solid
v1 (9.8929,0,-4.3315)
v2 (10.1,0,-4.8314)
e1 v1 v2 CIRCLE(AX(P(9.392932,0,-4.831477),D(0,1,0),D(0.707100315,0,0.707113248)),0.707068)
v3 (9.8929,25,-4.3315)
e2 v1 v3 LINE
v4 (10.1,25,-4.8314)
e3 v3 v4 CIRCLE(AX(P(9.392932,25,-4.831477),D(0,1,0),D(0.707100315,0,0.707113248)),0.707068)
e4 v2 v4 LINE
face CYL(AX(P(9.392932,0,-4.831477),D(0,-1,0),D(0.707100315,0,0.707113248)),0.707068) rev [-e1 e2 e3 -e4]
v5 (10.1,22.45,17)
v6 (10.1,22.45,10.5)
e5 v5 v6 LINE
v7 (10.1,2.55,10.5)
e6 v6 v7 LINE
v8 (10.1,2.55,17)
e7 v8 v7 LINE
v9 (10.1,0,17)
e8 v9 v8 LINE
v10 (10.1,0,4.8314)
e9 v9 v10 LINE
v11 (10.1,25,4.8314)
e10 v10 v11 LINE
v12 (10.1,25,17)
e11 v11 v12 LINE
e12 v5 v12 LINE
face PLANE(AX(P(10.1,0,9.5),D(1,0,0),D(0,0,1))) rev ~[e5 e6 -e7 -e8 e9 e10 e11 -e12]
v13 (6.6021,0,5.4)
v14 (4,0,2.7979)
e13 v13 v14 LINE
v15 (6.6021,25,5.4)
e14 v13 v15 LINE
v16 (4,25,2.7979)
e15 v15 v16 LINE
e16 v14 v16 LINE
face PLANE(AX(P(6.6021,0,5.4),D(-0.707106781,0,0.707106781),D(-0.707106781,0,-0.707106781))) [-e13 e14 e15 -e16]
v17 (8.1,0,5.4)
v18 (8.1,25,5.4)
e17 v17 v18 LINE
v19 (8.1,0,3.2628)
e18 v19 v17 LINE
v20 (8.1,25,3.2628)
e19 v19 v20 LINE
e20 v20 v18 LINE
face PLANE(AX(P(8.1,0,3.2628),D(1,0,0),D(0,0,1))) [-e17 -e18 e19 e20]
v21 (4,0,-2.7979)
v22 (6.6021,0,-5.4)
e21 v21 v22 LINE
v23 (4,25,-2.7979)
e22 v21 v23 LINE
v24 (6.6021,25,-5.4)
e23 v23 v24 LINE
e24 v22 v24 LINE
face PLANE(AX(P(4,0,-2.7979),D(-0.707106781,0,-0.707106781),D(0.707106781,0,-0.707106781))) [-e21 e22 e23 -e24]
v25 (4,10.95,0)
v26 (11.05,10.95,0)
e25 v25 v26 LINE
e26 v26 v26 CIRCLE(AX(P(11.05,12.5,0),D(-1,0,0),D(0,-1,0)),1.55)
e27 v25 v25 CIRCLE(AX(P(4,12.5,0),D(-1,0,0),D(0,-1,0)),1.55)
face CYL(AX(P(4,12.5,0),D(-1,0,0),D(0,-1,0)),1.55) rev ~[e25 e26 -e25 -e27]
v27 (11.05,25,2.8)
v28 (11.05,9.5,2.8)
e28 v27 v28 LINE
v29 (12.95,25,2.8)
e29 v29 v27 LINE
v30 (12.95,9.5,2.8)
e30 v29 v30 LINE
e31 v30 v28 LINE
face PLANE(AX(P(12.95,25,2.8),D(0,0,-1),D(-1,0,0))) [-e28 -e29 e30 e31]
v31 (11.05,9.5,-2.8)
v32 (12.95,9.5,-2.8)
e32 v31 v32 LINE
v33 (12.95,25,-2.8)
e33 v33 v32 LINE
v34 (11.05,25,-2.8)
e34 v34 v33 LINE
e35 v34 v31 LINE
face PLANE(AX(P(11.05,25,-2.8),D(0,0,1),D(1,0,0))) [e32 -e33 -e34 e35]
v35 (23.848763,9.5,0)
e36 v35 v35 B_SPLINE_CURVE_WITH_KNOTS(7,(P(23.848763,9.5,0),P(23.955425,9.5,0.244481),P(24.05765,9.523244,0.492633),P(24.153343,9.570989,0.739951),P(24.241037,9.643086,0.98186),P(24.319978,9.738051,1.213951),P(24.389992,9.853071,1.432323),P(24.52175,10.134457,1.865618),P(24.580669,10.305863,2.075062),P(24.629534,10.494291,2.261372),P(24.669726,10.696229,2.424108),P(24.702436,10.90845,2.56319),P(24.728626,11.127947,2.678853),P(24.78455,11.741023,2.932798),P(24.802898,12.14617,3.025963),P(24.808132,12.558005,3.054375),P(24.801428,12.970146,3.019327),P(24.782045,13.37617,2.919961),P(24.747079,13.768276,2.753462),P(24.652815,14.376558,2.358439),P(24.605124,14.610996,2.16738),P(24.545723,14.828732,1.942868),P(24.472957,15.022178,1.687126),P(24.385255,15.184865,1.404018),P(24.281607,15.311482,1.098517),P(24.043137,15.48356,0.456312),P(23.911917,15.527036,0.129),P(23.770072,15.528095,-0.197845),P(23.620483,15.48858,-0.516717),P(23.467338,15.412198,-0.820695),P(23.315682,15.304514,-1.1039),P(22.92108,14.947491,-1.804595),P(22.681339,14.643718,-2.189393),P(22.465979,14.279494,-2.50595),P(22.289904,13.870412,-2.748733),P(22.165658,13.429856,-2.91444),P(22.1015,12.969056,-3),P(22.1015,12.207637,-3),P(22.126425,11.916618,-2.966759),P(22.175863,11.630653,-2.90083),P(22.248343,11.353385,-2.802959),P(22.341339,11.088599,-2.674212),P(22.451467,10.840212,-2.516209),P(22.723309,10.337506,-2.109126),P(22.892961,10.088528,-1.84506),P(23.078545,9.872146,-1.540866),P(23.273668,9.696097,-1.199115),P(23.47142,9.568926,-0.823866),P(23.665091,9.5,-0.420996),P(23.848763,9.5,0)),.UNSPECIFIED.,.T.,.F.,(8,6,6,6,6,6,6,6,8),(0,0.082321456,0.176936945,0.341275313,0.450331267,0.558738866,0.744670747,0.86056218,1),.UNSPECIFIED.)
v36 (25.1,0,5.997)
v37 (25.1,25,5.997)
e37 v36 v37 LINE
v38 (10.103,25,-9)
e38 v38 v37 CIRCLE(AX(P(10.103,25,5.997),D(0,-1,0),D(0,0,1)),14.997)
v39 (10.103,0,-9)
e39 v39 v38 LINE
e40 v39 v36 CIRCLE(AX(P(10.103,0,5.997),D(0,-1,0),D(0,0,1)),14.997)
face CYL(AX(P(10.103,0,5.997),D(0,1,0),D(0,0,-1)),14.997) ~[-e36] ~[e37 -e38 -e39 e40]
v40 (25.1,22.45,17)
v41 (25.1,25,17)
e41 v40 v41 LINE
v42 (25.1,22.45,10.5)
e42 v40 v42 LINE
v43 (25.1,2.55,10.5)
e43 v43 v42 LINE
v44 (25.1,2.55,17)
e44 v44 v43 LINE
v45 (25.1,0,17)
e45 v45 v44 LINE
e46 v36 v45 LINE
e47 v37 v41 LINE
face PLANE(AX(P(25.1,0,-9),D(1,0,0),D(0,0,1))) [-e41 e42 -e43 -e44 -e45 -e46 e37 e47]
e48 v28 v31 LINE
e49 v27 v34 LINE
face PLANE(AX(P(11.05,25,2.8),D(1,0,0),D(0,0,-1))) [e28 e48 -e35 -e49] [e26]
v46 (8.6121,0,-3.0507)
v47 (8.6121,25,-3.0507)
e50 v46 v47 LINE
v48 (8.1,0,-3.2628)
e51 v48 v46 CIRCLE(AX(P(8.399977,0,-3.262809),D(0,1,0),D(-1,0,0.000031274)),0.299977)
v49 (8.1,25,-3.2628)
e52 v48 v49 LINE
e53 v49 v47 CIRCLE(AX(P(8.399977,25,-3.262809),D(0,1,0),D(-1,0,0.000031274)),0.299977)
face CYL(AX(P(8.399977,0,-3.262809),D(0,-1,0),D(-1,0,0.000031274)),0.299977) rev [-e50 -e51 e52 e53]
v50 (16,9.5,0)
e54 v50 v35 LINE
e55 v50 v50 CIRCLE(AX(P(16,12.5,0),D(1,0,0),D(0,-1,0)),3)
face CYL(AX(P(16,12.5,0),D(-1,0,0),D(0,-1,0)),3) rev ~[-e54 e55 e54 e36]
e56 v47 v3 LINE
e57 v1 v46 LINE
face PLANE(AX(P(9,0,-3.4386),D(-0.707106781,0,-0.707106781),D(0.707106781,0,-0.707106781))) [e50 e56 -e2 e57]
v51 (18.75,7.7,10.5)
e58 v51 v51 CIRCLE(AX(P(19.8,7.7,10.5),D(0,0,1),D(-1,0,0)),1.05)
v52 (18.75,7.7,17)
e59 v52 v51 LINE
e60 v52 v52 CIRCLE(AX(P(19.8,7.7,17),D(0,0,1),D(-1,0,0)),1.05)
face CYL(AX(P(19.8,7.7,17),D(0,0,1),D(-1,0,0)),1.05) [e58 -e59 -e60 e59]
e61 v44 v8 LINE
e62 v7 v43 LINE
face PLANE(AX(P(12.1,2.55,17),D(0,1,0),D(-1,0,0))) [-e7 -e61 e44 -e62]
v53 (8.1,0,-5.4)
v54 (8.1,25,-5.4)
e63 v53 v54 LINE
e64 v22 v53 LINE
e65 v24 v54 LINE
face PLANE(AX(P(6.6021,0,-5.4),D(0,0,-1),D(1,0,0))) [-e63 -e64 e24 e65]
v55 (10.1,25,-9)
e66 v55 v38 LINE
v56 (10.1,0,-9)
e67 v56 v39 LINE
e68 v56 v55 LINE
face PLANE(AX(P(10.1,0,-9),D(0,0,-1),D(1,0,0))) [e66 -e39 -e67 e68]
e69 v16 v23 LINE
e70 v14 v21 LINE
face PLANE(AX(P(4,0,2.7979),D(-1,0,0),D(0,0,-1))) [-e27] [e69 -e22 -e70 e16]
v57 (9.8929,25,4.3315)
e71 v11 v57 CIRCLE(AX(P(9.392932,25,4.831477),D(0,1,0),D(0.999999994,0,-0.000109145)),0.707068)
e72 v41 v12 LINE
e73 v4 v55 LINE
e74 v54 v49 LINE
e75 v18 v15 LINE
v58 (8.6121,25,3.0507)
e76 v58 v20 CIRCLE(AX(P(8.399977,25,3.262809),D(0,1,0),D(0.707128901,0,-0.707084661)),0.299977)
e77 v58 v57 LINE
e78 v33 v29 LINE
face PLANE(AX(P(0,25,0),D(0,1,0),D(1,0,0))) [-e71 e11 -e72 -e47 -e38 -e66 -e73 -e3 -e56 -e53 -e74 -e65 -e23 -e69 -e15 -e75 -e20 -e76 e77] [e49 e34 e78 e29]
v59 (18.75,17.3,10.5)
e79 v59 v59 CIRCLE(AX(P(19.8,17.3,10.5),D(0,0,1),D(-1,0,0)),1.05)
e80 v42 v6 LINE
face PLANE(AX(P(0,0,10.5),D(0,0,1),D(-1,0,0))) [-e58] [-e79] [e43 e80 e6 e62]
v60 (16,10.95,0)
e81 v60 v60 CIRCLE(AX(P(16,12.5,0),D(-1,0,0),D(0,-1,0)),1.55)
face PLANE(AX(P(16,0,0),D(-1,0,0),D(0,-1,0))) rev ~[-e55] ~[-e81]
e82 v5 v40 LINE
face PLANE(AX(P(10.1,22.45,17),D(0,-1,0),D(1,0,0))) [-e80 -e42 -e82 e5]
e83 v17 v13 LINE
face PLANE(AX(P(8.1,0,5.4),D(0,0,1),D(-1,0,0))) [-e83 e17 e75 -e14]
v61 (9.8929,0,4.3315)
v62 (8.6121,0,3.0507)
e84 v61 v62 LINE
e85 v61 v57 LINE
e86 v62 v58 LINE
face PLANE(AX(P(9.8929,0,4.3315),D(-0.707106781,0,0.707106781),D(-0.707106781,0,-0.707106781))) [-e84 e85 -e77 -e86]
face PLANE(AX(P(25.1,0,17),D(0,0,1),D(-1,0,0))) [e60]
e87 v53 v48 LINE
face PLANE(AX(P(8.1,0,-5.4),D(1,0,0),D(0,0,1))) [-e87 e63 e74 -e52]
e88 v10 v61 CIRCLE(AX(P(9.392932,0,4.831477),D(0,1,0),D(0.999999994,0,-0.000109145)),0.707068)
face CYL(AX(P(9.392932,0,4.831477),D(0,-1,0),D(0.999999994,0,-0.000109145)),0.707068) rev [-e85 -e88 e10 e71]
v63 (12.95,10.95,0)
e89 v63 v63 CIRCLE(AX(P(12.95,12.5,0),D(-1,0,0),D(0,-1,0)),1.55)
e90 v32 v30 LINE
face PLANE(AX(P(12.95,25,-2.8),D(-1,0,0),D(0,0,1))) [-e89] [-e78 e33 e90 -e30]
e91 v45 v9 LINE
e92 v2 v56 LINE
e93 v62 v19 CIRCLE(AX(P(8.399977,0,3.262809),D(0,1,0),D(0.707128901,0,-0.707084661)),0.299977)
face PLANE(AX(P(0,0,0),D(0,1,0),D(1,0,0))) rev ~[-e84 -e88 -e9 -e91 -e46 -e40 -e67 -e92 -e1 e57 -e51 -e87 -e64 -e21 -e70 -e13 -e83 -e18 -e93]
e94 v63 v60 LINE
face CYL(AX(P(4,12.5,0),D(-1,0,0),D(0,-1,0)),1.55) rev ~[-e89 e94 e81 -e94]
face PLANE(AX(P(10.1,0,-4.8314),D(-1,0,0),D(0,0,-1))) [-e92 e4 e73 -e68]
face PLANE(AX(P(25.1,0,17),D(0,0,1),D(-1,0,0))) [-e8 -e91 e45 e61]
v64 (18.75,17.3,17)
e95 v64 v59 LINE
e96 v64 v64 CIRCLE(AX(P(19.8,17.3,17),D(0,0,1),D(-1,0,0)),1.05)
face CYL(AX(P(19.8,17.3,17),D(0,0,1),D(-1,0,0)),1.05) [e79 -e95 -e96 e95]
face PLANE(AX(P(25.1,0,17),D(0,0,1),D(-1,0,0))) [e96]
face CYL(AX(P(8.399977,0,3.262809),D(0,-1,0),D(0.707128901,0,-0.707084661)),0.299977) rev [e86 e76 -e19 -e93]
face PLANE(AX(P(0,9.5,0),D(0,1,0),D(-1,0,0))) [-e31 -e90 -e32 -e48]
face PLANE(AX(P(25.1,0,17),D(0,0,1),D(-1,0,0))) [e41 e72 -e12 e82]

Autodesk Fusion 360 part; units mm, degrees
sketch "Sketch1" plane through (0, 0, 0) normal (0, 1, 0) x (1, 0, 0)
  line L0 (-4.4022, -9.8222) -> (-3.1214, -8.5414)
  arc A0 (10, -4.8314) -> (9.8222, -4.4022) centre (9.3929, -4.8314) ccw
  line L1 (6.5607, -5.5) -> (3.9, -2.8393)
  line L2 (-9.9987, -4.7917) -> (-10, -9.5)
  line L3 (9.8222, -4.4022) -> (8.5414, -3.1214)
  arc A1 (-3.2628, 8.2) -> (-3.1214, 8.5414) centre (-3.2628, 8.4) ccw
  line L4 (3.9, 2.8393) -> (6.5607, 5.5)
  arc A2 (-8.5414, 3.1214) -> (-8.2, 3.2628) centre (-8.4, 3.2628) ccw
  line L5 (-4.8314, 10) -> (-9.5, 10)
  line L6 (-6.5607, 5.5) -> (-3.9, 2.8393)
  arc A3 (-9.5, 10) -> (-10, 9.5) centre (-9.5, 9.5) ccw
  arc A4 (8.2, 3.2628) -> (8.5414, 3.1214) centre (8.4, 3.2628) ccw
  line L7 (-5.5, 6.5607) -> (-5.5, 8.2)
  line L8 (6.5607, 5.5) -> (8.2, 5.5)
  line L9 (8.5414, 3.1214) -> (9.8222, 4.4022)
  arc A5 (3.1214, 8.5414) -> (3.2628, 8.2) centre (3.2628, 8.4) ccw
  line L10 (-8.2, 3.2628) -> (-8.2, 5.5)
  line L11 (9.5, 10) -> (4.8314, 10)
  arc A6 (10, 9.5) -> (9.5, 10) centre (9.5, 9.5) ccw
  line L12 (10, 4.8314) -> (10, 9.5)
  arc A7 (-4.4312, 9.8494) -> (-4.8314, 10) centre (-4.8314, 9.3929) ccw
  line L13 (-9.8494, 4.4312) -> (-8.5414, 3.1214)
  line L14 (4.4022, 9.8222) -> (3.1214, 8.5414)
  line L15 (-5.5, 8.2) -> (-3.2628, 8.2)
  line L16 (5.5, 8.2) -> (5.5, 6.5607)
  arc A8 (-10, 4.9) -> (-9.8494, 4.4312) centre (-9.3734, 4.8428) ccw
  circle A9 centre (0, 0) radius 2.1
  arc A10 (4.8314, 10) -> (4.4022, 9.8222) centre (4.8314, 9.3929) ccw
  line L17 (-2.8393, 3.9) -> (-5.5, 6.5607)
  line L18 (5.5, 6.5607) -> (2.8393, 3.9)
  line L19 (-3.9, 2.8393) -> (-3.9, -2.8393)
  line L20 (-10, 9.5) -> (-10, 4.9)
  line L21 (2.8393, 3.9) -> (-2.8393, 3.9)
  line L22 (3.9, -2.8393) -> (3.9, 2.8393)
  line L23 (3.2628, 8.2) -> (5.5, 8.2)
  line L24 (8.2, 5.5) -> (8.2, 3.2628)
  line L25 (5.5, -6.5607) -> (5.5, -8.2)
  arc A11 (4.2336, -9.6536) -> (4.8314, -10) centre (4.8837, -9.2207) ccw
  arc A12 (-4.8314, -10) -> (-4.4022, -9.8222) centre (-4.8314, -9.3929) ccw
  line L26 (-5.5, -6.5607) -> (-2.8393, -3.9)
  line L27 (10, -9.5) -> (10, -4.8314)
  line L28 (-8.5414, -3.1214) -> (-9.8222, -4.4022)
  line L29 (5.5, -8.2) -> (3.2628, -8.2)
  line L30 (4.8314, -10) -> (9.5, -10)
  line L31 (-8.2, -5.5) -> (-8.2, -3.2628)
  arc A13 (8.5414, -3.1214) -> (8.2, -3.2628) centre (8.4, -3.2628) ccw
  line L32 (-2.8393, -3.9) -> (2.8393, -3.9)
  arc A14 (-8.2, -3.2628) -> (-8.5414, -3.1214) centre (-8.4, -3.2628) ccw
  arc A15 (-3.1214, -8.5414) -> (-3.2628, -8.2) centre (-3.2628, -8.4) ccw
  line L33 (3.1214, -8.5414) -> (4.2336, -9.6536)
  line L34 (-5.5, -8.2) -> (-5.5, -6.5607)
  line L35 (-6.5607, -5.5) -> (-8.2, -5.5)
  line L36 (8.2, -3.2628) -> (8.2, -5.5)
  arc A16 (-9.8222, -4.4022) -> (-9.9987, -4.7917) centre (-9.3929, -4.8314) ccw
  line L37 (-9.5, -10) -> (-4.8314, -10)
  arc A17 (-10, -9.5) -> (-9.5, -10) centre (-9.5, -9.5) ccw
  arc A18 (3.2628, -8.2) -> (3.1214, -8.5414) centre (3.2628, -8.4) ccw
  line L38 (8.2, -5.5) -> (6.5607, -5.5)
  line L39 (-3.2628, -8.2) -> (-5.5, -8.2)
  line L40 (-3.9, -2.8393) -> (-6.5607, -5.5)
  line L41 (2.8393, -3.9) -> (5.5, -6.5607)
  arc A19 (9.5, -10) -> (10, -9.5) centre (9.5, -9.5) ccw
  line L42 (-3.1214, 8.5414) -> (-4.4312, 9.8494)
  arc A20 (9.8222, 4.4022) -> (10, 4.8314) centre (9.3929, 4.8314) ccw
  line L43 (-8.2, 5.5) -> (-6.5607, 5.5)
  line L44 (4, 2.7979) -> (6.6021, 5.4)
  line L45 (6.6021, 5.4) -> (8.1, 5.4)
  line L46 (8.1, 5.4) -> (8.1, 3.2628)
  arc A21 (8.1, 3.2628) -> (8.6121, 3.0507) centre (8.4, 3.2628) ccw
  line L47 (8.6121, 3.0507) -> (9.8929, 4.3315)
  arc A22 (9.8929, 4.3315) -> (10.1, 4.8314) centre (9.3929, 4.8314) ccw
  line L48 (10.1, 4.8314) -> (10.1, 9.5)
  arc A23 (10.1, 9.5) -> (9.5, 10.1) centre (9.5, 9.5) ccw
  line L49 (9.5, 10.1) -> (4.8314, 10.1)
  arc A24 (4.8314, 10.1) -> (4.3315, 9.8929) centre (4.8314, 9.3929) ccw
  line L50 (4.3315, 9.8929) -> (3.0507, 8.6121)
  arc A25 (3.0507, 8.6121) -> (3.2628, 8.1) centre (3.2628, 8.4) ccw
  line L51 (3.2628, 8.1) -> (5.4, 8.1)
  line L52 (5.4, 8.1) -> (5.4, 6.6021)
  line L53 (5.4, 6.6021) -> (2.7979, 4)
  line L54 (2.7979, 4) -> (-2.7979, 4)
  line L55 (-2.7979, 4) -> (-5.4, 6.6021)
  line L56 (-5.4, 6.6021) -> (-5.4, 8.1)
  line L57 (-5.4, 8.1) -> (-3.2628, 8.1)
  arc A26 (-3.2628, 8.1) -> (-3.0509, 8.6124) centre (-3.2628, 8.4) ccw
  line L58 (-3.0509, 8.6124) -> (-4.3627, 9.9223)
  arc A27 (-4.3627, 9.9223) -> (-4.8314, 10.1) centre (-4.8314, 9.3929) ccw
  line L59 (-4.8314, 10.1) -> (-9.5, 10.1)
  arc A28 (-9.5, 10.1) -> (-10.1, 9.5) centre (-9.5, 9.5) ccw
  line L60 (-10.1, 9.5) -> (-10.1, 4.9044)
  arc A29 (-10.1, 4.9044) -> (-9.9226, 4.363) centre (-9.3734, 4.8428) ccw
  line L61 (-9.9226, 4.363) -> (-8.6124, 3.0509)
  arc A30 (-8.6124, 3.0509) -> (-8.1, 3.2628) centre (-8.4, 3.2628) ccw
  line L62 (-8.1, 3.2628) -> (-8.1, 5.4)
  line L63 (-8.1, 5.4) -> (-6.6021, 5.4)
  line L64 (-6.6021, 5.4) -> (-4, 2.7979)
  line L65 (-4, 2.7979) -> (-4, -2.7979)
  line L66 (-4, -2.7979) -> (-6.6021, -5.4)
  line L67 (-6.6021, -5.4) -> (-8.1, -5.4)
  line L68 (-8.1, -5.4) -> (-8.1, -3.2628)
  arc A31 (-8.1, -3.2628) -> (-8.6121, -3.0507) centre (-8.4, -3.2628) ccw
  line L69 (-8.6121, -3.0507) -> (-9.8929, -4.3315)
  arc A32 (-9.8929, -4.3315) -> (-10.0987, -4.7886) centre (-9.3929, -4.8314) ccw
  line L70 (-10.0987, -4.7886) -> (-10.1, -9.4997)
  arc A33 (-10.1, -9.4997) -> (-9.5, -10.1) centre (-9.5, -9.5) ccw
  line L71 (-9.5, -10.1) -> (-4.8314, -10.1)
  arc A34 (-4.8314, -10.1) -> (-4.3315, -9.8929) centre (-4.8314, -9.3929) ccw
  line L72 (-4.3315, -9.8929) -> (-3.0507, -8.6121)
  arc A35 (-3.0507, -8.6121) -> (-3.2628, -8.1) centre (-3.2628, -8.4) ccw
  line L73 (-3.2628, -8.1) -> (-5.4, -8.1)
  line L74 (-5.4, -8.1) -> (-5.4, -6.6021)
  line L75 (-5.4, -6.6021) -> (-2.7979, -4)
  line L76 (-2.7979, -4) -> (2.7979, -4)
  line L77 (2.7979, -4) -> (5.4, -6.6021)
  line L78 (5.4, -6.6021) -> (5.4, -8.1)
  line L79 (5.4, -8.1) -> (3.2628, -8.1)
  arc A36 (3.2628, -8.1) -> (3.0507, -8.6121) centre (3.2628, -8.4) ccw
  line L80 (3.0507, -8.6121) -> (4.1561, -9.7175)
  arc A37 (4.1561, -9.7175) -> (4.8282, -10.1) centre (4.8837, -9.2207) ccw
  line L81 (4.8282, -10.1) -> (9.5, -10.1)
  arc A38 (9.5, -10.1) -> (10.1, -9.5) centre (9.5, -9.5) ccw
  line L82 (10.1, -9.5) -> (10.1, -4.8314)
  arc A39 (10.1, -4.8314) -> (9.8929, -4.3315) centre (9.3929, -4.8314) ccw
  line L83 (9.8929, -4.3315) -> (8.6121, -3.0507)
  arc A40 (8.6121, -3.0507) -> (8.1, -3.2628) centre (8.4, -3.2628) ccw
  line L84 (8.1, -3.2628) -> (8.1, -5.4)
  line L85 (8.1, -5.4) -> (6.6021, -5.4)
  line L86 (6.6021, -5.4) -> (4, -2.7979)
  line L87 (4, -2.7979) -> (4, 2.7979)
  line L88 (9, 9) -> (25.1, 9)
  line L89 (25.1, 9) -> (25.1, -17)
  line L90 (25.1, -17) -> (9, -17)
  line L91 (9, -17) -> (9, 9)
  line L92 (10.1, -5.988) -> (10.1, -17)
  dimension "d1" = 0.1
  dimension "d2" = 16.1
  dimension "d3" = 26
extrude "Extrude1" add sketch "Sketch1" along normal blind 25 contours L47 A22 L48 L82 A39 L83 L88 L89 L90 L91 L92 | L44 L45 L46 A21 L47 L83 A40 L84 L85 L86 L87 L91
fillet "Fillet1" radius 15 1 edges at (25.1, 12.5, -9)
sketch "Sketch2" plane through (0, 0, 17) normal (0, 0, 1) x (-1, 0, 0)
  line L0 (-10.1, 0) -> (-25.1, 0)
  line L1 (-25.1, 0) -> (-25.1, -25)
  line L2 (-25.1, -25) -> (-10.1, -25)
  line L3 (-10.1, -25) -> (-10.1, 0)
  line L4 (-10.1, 0) -> (-12.1, 0) construction
  line L5 (-12.1, 0) -> (-25.1, 0) construction
  line L6 (-18.6, 0) -> (-18.6, -25) construction
  line L7 (-25.1, -12.5) -> (-18.6, -12.5) construction
  line L8 (-25.1, -2.55) -> (-12.1, -2.55)
  line L9 (-12.1, -2.55) -> (-12.1, -22.45)
  line L10 (-12.1, -22.45) -> (-25.1, -22.45)
  line L11 (-25.1, -22.45) -> (-25.1, -2.55)
  line L12 (-25.1, -2.55) -> (-12.1, -22.45) construction
  line L13 (-12.1, -2.55) -> (-25.1, -22.45) construction
  line L14 (-12.1, -2.55) -> (-19.8, -2.55) construction
  line L15 (-19.8, -2.55) -> (-19.8, -22.45) construction
  line L16 (-19.8, -2.55) -> (-19.8, -7.7) construction
  line L17 (-19.8, -7.7) -> (-19.8, -17.3) construction
  line L18 (-19.8, -17.3) -> (-19.8, -22.45) construction
  circle A0 centre (-19.8, -7.7) radius 1.05
  circle A1 centre (-19.8, -17.3) radius 1.05
  line L19 (-12.1, -2.55) -> (-10.1, -2.55)
  line L20 (-10.1, -2.55) -> (-10.1, -22.45)
  line L21 (-10.1, -22.45) -> (-12.1, -22.45)
  line L22 (-12.1, -22.45) -> (-12.1, -2.55)
  point P0 (-18.6, -12.5)
  dimension "d8" = 2
  dimension "d9" = 19.9
  dimension "d10" = 7.7
  dimension "d11" = 5.15
  dimension "d12" = 9.6
  dimension "d13" = 5.15
  dimension "d14" = 2.1
  dimension "d15" = 2.1
  dimension "d16" = 19.9
extrude "Extrude2" cut sketch "Sketch2" against normal blind 6.5 contours L3 L9 L19 L20 L21 L22 | L1 L8 L9 L10 L11 L22
sketch "Sketch3" plane through (0, 25, 0) normal (0, 1, 0) x (-1, 0, 0)
  arc A0 (-25.1, 6) -> (-10.1, -9) centre (-10.1, 6) ccw
  line L0 (-10.1, -9) -> (-10.1, -4.8314)
  arc A1 (-9.8929, -4.3315) -> (-10.1, -4.8314) centre (-9.3929, -4.8314) ccw
  line L1 (-9.8929, -4.3315) -> (-8.6121, -3.0507)
  arc A2 (-8.1, -3.2628) -> (-8.6121, -3.0507) centre (-8.4, -3.2628) ccw
  line L2 (-8.1, -3.2628) -> (-8.1, -5.4)
  line L3 (-8.1, -5.4) -> (-6.6021, -5.4)
  line L4 (-6.6021, -5.4) -> (-4, -2.7979)
  line L5 (-4, -2.7979) -> (-4, 2.7979)
  line L6 (-4, 2.7979) -> (-6.6021, 5.4)
  line L7 (-6.6021, 5.4) -> (-8.1, 5.4)
  line L8 (-8.1, 5.4) -> (-8.1, 3.2628)
  arc A3 (-8.6121, 3.0507) -> (-8.1, 3.2628) centre (-8.4, 3.2628) ccw
  line L9 (-8.6121, 3.0507) -> (-9.8929, 4.3315)
  arc A4 (-10.1, 4.8314) -> (-9.8929, 4.3315) centre (-9.3929, 4.8314) ccw
  line L10 (-10.1, 4.8314) -> (-10.1, 5.988)
  line L11 (-10.1, 5.988) -> (-10.1, 17)
  line L12 (-10.1, 17) -> (-25.1, 17)
  line L13 (-25.1, 17) -> (-25.1, 6)
  line L14 (-12.95, 2.8) -> (-11.05, 2.8)
  line L15 (-11.05, 2.8) -> (-11.05, -2.8)
  line L16 (-11.05, -2.8) -> (-12.95, -2.8)
  line L17 (-12.95, -2.8) -> (-12.95, 2.8)
  line L18 (-12.95, 2.8) -> (-11.05, -2.8) construction
  line L19 (-11.05, 2.8) -> (-12.95, -2.8) construction
  point P0 (-12, 0)
  dimension "d19" = 1.9
  dimension "d20" = 5.6
sketch "Sketch4" plane through (4, 0, 0) normal (-1, 0, 0) x (0, -1, 0)
  line L0 (0, -2.7979) -> (0, 2.7979)
  line L1 (0, 2.7979) -> (-25, 2.7979)
  line L2 (-25, 2.7979) -> (-25, -2.7979)
  line L3 (-25, -2.7979) -> (0, -2.7979)
  line L4 (0, 0) -> (-12.5, 0) construction
  circle A0 centre (-12.5, 0) radius 1.55
  circle A1 centre (-12.5, 0) radius 3
  dimension "d21" = 3.1
  dimension "d22" = 6
extrude "Extrude3" cut sketch "Sketch4" against normal blind 21 contours A0
extrude "Extrude4" cut sketch "Sketch4" against normal blind 10 from surface at -12 contours L3 A1 | L1 L3 A1 | L1 A1
extrude "Extrude5" cut sketch "Sketch3" against normal blind 15.5 contours L14 L15 L16 L17
